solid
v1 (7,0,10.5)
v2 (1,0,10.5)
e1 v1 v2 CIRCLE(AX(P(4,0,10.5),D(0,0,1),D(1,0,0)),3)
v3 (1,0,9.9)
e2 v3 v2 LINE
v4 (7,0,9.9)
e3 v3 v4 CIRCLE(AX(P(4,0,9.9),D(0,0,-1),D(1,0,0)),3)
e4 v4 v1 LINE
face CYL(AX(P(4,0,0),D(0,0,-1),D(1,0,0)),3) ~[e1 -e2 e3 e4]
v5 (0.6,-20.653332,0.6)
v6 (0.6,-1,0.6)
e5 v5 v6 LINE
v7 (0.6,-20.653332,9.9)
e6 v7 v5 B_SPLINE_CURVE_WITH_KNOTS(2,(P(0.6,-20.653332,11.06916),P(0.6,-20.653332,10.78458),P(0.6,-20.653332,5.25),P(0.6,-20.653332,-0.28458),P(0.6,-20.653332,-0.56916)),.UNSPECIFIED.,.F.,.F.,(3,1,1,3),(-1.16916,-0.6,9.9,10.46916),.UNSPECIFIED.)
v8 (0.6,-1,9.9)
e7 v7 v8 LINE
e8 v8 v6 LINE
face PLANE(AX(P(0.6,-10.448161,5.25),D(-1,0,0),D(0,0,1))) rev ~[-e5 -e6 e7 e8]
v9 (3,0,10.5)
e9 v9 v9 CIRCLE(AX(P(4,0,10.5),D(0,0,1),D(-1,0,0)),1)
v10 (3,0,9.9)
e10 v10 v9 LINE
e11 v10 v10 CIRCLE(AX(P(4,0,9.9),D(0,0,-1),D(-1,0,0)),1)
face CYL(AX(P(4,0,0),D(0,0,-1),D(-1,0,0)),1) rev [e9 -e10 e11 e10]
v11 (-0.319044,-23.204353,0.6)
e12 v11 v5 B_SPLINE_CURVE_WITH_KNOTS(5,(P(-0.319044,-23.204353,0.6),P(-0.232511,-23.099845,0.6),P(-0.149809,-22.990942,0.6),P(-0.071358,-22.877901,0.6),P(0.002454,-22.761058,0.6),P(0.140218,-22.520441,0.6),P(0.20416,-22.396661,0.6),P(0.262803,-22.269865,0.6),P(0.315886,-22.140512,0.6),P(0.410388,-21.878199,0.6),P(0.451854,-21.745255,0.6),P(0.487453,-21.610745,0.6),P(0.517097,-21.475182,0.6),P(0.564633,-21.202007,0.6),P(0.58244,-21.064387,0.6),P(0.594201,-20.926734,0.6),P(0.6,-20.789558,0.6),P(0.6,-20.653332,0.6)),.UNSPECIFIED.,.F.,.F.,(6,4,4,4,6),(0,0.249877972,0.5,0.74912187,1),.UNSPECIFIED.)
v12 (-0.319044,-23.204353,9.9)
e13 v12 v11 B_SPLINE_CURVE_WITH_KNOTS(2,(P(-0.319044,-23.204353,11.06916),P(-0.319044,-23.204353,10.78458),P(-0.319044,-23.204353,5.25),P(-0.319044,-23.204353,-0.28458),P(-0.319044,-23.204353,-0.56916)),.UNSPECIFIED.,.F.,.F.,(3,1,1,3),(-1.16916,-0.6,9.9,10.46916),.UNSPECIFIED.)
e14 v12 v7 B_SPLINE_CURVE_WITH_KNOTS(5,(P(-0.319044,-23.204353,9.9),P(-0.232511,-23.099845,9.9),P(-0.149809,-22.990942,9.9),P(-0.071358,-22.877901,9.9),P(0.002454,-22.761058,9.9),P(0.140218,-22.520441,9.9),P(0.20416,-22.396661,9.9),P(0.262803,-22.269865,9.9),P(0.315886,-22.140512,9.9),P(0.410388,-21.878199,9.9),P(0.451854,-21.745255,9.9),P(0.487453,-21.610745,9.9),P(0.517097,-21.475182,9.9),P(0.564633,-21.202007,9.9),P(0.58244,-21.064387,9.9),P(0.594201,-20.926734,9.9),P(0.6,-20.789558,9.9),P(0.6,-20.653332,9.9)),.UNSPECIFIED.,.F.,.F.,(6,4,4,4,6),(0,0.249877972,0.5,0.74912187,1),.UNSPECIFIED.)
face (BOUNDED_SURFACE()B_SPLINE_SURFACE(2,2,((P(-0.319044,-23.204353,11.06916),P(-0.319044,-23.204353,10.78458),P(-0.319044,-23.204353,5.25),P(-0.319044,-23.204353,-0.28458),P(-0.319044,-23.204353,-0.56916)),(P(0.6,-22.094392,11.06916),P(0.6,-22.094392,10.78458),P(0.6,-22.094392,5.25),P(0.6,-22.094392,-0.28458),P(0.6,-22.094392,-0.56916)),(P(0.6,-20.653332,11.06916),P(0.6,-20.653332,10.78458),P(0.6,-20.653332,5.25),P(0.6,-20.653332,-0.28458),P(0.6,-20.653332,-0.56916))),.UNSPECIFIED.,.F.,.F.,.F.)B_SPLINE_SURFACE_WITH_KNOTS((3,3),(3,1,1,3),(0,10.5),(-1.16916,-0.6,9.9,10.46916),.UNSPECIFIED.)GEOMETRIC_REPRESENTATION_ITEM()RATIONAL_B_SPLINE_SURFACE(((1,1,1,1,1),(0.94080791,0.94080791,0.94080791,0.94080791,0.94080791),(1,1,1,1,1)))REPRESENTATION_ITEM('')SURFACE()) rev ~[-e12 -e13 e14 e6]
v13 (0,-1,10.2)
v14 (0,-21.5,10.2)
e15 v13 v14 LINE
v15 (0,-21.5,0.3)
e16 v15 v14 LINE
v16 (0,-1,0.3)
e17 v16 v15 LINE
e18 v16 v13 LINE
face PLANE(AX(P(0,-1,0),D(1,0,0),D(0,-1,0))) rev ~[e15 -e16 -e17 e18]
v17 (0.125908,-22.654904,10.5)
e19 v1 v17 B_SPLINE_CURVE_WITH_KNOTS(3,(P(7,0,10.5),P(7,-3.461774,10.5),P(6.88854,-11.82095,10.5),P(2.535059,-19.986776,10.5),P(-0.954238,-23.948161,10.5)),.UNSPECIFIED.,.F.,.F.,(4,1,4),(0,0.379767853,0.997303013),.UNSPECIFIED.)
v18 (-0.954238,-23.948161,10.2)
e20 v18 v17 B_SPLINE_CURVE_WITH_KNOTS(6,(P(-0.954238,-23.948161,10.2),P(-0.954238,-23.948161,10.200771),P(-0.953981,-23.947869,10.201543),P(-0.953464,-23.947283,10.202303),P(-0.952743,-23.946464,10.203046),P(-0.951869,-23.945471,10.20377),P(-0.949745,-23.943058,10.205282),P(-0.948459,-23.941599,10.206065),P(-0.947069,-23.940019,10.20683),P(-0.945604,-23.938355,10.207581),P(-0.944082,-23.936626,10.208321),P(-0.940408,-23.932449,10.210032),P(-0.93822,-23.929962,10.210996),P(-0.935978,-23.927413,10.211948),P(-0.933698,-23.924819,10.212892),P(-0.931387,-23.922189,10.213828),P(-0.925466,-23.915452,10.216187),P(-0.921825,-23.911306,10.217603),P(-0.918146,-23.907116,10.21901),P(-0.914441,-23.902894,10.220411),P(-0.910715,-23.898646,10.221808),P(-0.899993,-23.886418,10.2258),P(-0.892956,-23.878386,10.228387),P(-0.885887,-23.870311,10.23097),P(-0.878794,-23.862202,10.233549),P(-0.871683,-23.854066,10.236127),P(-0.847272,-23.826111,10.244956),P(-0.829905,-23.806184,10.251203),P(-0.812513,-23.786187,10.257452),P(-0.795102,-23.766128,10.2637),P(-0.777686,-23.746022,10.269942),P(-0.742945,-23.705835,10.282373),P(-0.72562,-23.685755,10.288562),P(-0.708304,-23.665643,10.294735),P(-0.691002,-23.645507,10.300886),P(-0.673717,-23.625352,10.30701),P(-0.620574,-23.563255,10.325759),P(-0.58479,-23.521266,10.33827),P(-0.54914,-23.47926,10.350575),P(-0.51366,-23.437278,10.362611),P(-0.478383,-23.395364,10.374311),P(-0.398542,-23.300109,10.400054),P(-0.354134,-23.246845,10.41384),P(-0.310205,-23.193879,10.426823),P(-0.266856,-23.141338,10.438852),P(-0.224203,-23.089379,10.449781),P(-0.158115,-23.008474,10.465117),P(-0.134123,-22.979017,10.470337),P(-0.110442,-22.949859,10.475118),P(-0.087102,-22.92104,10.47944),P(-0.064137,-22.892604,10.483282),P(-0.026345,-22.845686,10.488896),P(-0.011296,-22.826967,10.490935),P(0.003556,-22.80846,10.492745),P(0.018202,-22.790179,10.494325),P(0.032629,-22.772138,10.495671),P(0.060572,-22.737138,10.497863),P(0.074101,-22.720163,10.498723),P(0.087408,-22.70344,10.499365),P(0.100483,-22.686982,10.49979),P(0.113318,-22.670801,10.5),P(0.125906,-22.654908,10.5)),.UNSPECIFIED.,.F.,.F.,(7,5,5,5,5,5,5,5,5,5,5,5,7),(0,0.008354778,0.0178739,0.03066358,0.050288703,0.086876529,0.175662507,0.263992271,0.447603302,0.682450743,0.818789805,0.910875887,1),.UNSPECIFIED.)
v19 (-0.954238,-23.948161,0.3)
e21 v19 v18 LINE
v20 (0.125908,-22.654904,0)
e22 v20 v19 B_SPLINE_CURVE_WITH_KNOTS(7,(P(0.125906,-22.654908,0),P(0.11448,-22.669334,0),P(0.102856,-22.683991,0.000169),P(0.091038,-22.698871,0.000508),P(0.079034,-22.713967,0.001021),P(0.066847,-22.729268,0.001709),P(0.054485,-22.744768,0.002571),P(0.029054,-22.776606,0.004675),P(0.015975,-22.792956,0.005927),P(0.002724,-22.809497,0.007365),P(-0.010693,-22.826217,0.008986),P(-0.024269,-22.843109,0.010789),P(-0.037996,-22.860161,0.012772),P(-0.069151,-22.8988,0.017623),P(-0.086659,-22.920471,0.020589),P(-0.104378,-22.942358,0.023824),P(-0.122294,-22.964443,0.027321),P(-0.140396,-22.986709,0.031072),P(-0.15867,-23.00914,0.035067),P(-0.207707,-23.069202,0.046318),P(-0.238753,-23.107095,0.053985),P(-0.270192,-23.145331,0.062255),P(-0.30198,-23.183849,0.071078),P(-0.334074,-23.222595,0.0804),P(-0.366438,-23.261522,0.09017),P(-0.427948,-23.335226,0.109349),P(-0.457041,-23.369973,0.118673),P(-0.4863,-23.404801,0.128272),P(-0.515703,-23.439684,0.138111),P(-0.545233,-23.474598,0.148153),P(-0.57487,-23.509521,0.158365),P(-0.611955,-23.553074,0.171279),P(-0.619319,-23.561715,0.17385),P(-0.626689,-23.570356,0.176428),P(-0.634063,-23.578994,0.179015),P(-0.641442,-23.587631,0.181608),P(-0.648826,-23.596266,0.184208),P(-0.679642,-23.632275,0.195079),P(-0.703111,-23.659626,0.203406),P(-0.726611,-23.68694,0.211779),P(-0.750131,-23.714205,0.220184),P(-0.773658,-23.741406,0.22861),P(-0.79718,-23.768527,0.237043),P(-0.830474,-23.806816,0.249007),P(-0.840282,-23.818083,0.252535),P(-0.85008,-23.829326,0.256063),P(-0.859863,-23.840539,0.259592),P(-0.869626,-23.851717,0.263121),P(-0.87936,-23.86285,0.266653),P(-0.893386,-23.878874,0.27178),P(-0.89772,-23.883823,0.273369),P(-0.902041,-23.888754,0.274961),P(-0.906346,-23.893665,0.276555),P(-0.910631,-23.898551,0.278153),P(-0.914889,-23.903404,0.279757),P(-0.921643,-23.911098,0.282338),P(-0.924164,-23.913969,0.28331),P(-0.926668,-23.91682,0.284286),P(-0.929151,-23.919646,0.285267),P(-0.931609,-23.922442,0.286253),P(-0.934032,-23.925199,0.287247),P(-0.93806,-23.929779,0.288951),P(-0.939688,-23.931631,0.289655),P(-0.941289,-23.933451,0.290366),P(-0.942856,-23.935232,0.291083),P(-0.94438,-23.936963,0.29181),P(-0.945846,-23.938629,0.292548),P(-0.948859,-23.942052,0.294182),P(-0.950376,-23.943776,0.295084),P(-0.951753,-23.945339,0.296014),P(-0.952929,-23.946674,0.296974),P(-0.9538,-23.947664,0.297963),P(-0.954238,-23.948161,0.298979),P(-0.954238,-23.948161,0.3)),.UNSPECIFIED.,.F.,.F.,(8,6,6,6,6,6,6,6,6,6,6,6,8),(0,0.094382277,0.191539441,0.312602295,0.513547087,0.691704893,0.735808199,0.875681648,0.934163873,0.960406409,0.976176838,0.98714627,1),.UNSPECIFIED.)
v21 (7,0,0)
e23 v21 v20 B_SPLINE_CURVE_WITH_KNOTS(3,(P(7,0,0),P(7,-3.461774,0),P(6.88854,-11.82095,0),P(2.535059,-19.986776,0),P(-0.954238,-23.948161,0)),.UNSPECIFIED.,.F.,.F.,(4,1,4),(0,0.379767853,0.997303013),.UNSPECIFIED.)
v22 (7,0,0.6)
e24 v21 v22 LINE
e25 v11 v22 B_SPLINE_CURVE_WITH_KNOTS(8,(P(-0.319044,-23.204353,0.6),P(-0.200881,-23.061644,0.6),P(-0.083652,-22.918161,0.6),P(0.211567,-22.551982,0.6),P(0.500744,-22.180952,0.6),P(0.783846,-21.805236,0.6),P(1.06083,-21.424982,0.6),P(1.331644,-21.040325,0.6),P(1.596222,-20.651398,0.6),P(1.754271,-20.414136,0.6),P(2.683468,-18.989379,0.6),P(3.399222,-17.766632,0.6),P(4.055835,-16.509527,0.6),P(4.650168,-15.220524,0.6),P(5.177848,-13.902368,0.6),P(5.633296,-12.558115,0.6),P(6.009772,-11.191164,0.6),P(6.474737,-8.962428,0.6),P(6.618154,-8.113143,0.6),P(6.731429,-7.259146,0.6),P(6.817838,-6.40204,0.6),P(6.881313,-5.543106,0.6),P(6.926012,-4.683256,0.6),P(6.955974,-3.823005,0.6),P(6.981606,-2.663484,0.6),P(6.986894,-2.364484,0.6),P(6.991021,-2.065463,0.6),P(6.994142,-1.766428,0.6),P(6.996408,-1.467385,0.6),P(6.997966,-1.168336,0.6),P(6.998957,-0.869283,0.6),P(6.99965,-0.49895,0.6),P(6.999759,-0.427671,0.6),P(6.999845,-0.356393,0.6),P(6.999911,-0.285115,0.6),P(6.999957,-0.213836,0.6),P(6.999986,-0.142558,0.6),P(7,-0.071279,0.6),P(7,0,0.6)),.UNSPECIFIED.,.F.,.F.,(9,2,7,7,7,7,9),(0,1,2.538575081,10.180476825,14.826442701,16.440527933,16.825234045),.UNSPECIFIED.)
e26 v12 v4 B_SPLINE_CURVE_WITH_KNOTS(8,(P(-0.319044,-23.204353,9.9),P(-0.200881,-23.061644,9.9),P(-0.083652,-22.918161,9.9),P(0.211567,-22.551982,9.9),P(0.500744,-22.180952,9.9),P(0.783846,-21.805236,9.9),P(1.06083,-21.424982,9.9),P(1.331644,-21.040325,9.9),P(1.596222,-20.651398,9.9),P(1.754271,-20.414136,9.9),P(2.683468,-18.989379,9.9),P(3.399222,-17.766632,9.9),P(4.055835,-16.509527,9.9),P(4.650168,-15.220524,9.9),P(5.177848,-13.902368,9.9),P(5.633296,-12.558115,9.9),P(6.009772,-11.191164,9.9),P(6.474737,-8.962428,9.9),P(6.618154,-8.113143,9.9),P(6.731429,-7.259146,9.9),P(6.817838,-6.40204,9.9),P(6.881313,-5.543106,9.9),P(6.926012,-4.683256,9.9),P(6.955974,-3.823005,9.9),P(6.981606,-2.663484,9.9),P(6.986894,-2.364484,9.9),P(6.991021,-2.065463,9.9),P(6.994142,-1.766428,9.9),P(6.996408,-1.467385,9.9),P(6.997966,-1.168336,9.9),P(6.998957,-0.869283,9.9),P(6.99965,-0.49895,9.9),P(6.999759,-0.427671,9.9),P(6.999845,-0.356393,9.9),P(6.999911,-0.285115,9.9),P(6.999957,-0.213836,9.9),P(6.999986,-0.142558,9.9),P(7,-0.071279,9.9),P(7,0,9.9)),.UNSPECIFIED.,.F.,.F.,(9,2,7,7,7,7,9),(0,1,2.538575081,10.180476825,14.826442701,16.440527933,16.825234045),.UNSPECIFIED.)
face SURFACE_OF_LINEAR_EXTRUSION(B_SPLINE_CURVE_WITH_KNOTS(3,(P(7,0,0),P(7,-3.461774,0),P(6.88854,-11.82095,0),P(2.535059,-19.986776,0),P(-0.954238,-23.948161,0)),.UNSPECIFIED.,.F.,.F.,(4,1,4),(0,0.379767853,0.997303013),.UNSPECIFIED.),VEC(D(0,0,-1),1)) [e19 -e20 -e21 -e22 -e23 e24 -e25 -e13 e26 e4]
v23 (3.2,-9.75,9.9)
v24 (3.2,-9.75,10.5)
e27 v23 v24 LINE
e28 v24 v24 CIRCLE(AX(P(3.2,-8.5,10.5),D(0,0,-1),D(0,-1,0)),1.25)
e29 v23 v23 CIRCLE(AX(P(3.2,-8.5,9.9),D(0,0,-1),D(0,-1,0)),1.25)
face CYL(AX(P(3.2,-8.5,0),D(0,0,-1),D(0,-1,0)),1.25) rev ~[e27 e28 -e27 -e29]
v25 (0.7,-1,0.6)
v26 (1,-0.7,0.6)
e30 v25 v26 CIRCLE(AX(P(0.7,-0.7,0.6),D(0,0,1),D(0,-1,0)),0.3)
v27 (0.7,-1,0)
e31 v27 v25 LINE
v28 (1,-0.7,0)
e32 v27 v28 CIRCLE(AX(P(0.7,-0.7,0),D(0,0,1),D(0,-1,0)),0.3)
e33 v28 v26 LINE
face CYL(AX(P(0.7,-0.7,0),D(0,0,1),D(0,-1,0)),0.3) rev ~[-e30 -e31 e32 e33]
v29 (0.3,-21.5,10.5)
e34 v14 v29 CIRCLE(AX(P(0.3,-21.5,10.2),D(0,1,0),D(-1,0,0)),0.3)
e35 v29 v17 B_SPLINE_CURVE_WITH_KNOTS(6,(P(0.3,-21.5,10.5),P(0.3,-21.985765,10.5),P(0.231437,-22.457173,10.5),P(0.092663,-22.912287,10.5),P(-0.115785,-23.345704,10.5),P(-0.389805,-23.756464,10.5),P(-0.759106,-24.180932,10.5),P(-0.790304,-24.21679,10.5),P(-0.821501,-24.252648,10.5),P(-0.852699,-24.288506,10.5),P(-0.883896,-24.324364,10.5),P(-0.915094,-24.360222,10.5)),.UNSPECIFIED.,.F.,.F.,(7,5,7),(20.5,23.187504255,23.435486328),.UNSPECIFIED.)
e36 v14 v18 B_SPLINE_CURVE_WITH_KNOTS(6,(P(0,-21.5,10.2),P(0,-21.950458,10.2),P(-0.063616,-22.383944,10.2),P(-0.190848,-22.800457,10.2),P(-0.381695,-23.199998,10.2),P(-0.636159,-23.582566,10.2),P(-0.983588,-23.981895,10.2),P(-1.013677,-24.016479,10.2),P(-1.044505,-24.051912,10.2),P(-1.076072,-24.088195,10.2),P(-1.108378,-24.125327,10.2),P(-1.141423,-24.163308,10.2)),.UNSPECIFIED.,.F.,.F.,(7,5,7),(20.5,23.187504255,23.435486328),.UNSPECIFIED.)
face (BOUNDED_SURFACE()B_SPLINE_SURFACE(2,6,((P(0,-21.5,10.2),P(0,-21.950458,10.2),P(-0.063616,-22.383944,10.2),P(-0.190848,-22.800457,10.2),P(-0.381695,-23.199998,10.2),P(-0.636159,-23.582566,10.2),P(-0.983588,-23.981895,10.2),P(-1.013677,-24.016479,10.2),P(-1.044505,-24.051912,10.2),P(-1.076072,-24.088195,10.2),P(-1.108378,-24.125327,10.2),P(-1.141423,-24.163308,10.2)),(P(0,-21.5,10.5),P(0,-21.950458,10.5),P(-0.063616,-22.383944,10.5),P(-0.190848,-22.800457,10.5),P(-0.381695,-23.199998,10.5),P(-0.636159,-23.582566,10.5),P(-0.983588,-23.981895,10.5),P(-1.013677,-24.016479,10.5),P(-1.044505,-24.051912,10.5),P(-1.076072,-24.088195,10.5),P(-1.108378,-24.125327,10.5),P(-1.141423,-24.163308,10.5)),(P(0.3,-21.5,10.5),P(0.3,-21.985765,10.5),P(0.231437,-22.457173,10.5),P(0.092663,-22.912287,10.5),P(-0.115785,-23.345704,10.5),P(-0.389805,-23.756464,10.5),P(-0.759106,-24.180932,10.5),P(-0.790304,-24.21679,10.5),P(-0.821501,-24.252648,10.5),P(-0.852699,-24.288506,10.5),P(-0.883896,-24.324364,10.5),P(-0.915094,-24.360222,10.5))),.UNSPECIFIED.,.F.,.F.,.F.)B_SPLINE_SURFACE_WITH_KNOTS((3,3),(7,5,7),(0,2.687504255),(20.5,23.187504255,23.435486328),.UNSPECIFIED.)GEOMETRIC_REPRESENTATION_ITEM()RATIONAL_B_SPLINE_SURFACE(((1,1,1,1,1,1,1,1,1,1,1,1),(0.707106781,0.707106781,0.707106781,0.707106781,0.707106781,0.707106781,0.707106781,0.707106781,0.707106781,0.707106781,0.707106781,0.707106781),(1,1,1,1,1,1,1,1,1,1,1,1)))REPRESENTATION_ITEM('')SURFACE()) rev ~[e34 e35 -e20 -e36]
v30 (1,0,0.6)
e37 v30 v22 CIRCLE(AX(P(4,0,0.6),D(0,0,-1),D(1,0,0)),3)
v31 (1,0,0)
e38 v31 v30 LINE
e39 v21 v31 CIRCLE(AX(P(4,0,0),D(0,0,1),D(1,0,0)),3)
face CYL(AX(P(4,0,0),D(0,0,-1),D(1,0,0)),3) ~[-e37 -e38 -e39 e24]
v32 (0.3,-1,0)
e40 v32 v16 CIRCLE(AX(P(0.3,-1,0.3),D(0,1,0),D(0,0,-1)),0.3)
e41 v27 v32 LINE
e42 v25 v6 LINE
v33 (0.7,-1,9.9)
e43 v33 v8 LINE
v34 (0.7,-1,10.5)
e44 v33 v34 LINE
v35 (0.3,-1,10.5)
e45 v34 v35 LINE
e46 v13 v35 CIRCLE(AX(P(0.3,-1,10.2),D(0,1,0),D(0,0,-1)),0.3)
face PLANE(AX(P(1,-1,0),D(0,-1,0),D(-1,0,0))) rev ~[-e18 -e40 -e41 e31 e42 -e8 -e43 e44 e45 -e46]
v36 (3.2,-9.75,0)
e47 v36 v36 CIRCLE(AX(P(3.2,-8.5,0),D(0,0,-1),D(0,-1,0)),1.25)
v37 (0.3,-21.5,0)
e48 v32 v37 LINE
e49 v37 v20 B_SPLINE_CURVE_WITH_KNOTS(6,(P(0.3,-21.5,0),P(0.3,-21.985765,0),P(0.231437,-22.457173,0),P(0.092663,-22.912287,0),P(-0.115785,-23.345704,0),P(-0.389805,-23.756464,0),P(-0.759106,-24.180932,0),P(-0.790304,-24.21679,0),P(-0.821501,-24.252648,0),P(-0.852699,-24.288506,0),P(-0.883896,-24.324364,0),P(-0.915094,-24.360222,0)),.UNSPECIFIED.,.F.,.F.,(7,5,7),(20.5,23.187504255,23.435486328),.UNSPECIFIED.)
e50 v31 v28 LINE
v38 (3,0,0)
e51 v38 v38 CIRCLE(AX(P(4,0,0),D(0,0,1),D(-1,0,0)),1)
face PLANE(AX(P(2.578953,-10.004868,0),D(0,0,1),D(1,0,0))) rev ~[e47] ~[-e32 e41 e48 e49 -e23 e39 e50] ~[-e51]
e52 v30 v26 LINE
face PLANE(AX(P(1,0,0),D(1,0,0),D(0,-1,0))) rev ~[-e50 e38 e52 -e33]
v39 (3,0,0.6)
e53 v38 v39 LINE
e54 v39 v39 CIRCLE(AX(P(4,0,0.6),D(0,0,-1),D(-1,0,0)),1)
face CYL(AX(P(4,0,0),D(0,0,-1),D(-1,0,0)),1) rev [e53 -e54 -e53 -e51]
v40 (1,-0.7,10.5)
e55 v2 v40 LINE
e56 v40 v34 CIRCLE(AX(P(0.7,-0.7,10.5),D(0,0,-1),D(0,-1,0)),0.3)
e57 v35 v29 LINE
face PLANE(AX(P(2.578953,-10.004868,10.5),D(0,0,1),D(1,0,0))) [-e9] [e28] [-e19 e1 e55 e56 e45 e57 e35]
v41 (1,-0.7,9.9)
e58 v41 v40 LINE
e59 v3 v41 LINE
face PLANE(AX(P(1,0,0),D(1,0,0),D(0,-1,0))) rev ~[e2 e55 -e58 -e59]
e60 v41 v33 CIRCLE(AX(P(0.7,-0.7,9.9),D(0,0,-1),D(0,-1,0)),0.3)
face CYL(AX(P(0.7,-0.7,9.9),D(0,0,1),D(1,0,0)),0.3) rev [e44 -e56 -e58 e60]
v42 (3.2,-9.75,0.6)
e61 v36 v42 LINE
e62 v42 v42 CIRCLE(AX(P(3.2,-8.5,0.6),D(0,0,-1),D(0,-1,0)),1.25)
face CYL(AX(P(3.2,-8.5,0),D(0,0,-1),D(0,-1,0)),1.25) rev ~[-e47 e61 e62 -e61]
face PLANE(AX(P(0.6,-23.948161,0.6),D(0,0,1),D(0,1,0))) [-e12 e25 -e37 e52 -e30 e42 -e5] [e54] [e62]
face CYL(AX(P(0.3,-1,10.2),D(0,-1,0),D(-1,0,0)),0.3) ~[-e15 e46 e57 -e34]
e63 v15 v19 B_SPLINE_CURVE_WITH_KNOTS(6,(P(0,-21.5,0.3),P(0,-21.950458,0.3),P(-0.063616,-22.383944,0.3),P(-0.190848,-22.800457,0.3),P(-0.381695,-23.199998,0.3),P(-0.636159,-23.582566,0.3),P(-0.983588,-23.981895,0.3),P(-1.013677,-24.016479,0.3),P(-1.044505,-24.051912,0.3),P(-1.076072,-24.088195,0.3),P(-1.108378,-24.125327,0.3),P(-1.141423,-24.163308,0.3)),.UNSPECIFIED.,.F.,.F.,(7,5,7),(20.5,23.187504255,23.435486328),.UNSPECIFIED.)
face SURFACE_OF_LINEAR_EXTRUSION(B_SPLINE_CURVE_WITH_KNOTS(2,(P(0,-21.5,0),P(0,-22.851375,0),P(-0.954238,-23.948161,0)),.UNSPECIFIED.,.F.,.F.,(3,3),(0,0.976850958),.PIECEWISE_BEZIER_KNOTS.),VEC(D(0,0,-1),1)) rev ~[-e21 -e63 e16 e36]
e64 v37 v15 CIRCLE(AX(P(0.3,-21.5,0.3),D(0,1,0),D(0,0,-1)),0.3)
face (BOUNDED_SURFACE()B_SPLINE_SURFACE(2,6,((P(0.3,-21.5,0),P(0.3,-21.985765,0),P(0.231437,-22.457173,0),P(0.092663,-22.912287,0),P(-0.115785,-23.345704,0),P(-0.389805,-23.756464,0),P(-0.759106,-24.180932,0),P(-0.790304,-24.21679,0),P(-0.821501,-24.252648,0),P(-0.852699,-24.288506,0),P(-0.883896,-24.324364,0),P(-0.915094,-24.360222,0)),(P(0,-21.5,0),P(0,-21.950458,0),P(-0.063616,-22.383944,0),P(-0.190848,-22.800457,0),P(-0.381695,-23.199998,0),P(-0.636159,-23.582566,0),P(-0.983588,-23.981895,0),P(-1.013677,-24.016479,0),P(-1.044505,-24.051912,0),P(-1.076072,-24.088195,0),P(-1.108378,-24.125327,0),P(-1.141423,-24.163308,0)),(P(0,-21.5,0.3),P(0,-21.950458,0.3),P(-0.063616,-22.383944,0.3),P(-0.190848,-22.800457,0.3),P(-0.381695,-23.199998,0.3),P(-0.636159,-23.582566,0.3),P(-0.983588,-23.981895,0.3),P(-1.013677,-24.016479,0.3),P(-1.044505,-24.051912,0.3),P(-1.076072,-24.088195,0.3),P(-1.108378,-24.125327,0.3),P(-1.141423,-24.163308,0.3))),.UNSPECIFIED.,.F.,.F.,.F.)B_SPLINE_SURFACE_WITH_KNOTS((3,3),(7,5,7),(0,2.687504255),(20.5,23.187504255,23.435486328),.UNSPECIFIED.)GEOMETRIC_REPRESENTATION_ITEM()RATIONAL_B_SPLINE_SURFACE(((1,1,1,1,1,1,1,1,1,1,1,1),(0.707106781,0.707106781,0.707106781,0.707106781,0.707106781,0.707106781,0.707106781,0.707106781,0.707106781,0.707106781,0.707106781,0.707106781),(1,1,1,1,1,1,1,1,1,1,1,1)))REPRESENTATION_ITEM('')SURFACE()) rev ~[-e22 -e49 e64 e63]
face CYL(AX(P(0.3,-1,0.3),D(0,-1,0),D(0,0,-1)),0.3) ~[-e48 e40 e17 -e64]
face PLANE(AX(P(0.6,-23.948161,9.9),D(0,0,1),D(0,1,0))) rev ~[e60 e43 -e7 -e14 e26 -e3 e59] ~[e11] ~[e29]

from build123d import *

# Parameters (mm, degrees)
SKETCH_1_R          = 1
EXTRUDE_1_DEPTH     = 10.5
SKETCH_2_W          = 9.3
SKETCH_2_H          = 27
CUT_EXTRUDE_1_DEPTH = 10.5
FILLET_1_R          = 4
FILLET_2_R          = 0.3
SKETCH_3_R          = 1.25
CUT_EXTRUDE_2_DEPTH = 19


with BuildPart() as part:
    # 草图1 → 凸台-拉伸1 (new body)
    with BuildSketch(Plane.XY):
        with BuildLine():
            ThreePointArc((7, 0), (4, 3), (1, 0))
            Line((1, 0), (1, -1))
            Line((1, -1), (0, -1))
            Line((0, -1), (0, -21.5))
            add(Edge.make_bspline(
                [(0, -21.5), (0, -22.851375424), (-0.954237794, -23.948160578)],
                knots=[0, 0, 0, 0.976850958, 0.976850958, 0.976850958], degree=2))
            add(Edge.make_bspline(
                [(7, 0), (7, -3.461774358), (6.888539552, -11.820950193), (2.535059444, -19.986776398), (-0.954237794, -23.948160578)],
                knots=[0, 0, 0, 0, 0.379767853, 0.997303013, 0.997303013, 0.997303013, 0.997303013], degree=3))
        make_face()
        with Locations(Location((4, 0, 0), (0, 0, 180))):
            Circle(SKETCH_1_R, mode=Mode.SUBTRACT)
    extrude(amount=EXTRUDE_1_DEPTH)

    # 草图2 → 切除-拉伸1 (cut)
    with BuildSketch(Plane.ZY.offset(-0.6)):
        with Locations((5.25, -10.44816051)):
            Rectangle(SKETCH_2_W, SKETCH_2_H)
    extrude(amount=-CUT_EXTRUDE_1_DEPTH, mode=Mode.SUBTRACT)

    # 圆角1
    fillet_1_edges = [part.edges().sort_by_distance(p)[0] for p in [
        (0.6, -22.041590232, 5.25),
    ]]
    fillet(fillet_1_edges, radius=FILLET_1_R)

    # 圆角2
    fillet_2_edges = [part.edges().sort_by_distance(p)[0] for p in [
        (0, -11.25, 10.5),
        (-0.248254444, -22.812327553, 0),
        (0, -11.25, 0),
        (1, -1, 10.2),
        (-0.248254444, -22.812327553, 10.5),
        (1, -1, 0.3),
    ]]
    fillet(fillet_2_edges, radius=FILLET_2_R)

    # 草图3 → 切除-拉伸2 (cut)
    with BuildSketch(Plane(origin=(0, 0, 0), x_dir=(-1, 0, 0), z_dir=(0, 0, -1))):
        with Locations(Location((-3.2, -8.5, 0), (0, 0, 270))):
            Circle(SKETCH_3_R)
    extrude(amount=-CUT_EXTRUDE_2_DEPTH, mode=Mode.SUBTRACT)


solid = part.part
